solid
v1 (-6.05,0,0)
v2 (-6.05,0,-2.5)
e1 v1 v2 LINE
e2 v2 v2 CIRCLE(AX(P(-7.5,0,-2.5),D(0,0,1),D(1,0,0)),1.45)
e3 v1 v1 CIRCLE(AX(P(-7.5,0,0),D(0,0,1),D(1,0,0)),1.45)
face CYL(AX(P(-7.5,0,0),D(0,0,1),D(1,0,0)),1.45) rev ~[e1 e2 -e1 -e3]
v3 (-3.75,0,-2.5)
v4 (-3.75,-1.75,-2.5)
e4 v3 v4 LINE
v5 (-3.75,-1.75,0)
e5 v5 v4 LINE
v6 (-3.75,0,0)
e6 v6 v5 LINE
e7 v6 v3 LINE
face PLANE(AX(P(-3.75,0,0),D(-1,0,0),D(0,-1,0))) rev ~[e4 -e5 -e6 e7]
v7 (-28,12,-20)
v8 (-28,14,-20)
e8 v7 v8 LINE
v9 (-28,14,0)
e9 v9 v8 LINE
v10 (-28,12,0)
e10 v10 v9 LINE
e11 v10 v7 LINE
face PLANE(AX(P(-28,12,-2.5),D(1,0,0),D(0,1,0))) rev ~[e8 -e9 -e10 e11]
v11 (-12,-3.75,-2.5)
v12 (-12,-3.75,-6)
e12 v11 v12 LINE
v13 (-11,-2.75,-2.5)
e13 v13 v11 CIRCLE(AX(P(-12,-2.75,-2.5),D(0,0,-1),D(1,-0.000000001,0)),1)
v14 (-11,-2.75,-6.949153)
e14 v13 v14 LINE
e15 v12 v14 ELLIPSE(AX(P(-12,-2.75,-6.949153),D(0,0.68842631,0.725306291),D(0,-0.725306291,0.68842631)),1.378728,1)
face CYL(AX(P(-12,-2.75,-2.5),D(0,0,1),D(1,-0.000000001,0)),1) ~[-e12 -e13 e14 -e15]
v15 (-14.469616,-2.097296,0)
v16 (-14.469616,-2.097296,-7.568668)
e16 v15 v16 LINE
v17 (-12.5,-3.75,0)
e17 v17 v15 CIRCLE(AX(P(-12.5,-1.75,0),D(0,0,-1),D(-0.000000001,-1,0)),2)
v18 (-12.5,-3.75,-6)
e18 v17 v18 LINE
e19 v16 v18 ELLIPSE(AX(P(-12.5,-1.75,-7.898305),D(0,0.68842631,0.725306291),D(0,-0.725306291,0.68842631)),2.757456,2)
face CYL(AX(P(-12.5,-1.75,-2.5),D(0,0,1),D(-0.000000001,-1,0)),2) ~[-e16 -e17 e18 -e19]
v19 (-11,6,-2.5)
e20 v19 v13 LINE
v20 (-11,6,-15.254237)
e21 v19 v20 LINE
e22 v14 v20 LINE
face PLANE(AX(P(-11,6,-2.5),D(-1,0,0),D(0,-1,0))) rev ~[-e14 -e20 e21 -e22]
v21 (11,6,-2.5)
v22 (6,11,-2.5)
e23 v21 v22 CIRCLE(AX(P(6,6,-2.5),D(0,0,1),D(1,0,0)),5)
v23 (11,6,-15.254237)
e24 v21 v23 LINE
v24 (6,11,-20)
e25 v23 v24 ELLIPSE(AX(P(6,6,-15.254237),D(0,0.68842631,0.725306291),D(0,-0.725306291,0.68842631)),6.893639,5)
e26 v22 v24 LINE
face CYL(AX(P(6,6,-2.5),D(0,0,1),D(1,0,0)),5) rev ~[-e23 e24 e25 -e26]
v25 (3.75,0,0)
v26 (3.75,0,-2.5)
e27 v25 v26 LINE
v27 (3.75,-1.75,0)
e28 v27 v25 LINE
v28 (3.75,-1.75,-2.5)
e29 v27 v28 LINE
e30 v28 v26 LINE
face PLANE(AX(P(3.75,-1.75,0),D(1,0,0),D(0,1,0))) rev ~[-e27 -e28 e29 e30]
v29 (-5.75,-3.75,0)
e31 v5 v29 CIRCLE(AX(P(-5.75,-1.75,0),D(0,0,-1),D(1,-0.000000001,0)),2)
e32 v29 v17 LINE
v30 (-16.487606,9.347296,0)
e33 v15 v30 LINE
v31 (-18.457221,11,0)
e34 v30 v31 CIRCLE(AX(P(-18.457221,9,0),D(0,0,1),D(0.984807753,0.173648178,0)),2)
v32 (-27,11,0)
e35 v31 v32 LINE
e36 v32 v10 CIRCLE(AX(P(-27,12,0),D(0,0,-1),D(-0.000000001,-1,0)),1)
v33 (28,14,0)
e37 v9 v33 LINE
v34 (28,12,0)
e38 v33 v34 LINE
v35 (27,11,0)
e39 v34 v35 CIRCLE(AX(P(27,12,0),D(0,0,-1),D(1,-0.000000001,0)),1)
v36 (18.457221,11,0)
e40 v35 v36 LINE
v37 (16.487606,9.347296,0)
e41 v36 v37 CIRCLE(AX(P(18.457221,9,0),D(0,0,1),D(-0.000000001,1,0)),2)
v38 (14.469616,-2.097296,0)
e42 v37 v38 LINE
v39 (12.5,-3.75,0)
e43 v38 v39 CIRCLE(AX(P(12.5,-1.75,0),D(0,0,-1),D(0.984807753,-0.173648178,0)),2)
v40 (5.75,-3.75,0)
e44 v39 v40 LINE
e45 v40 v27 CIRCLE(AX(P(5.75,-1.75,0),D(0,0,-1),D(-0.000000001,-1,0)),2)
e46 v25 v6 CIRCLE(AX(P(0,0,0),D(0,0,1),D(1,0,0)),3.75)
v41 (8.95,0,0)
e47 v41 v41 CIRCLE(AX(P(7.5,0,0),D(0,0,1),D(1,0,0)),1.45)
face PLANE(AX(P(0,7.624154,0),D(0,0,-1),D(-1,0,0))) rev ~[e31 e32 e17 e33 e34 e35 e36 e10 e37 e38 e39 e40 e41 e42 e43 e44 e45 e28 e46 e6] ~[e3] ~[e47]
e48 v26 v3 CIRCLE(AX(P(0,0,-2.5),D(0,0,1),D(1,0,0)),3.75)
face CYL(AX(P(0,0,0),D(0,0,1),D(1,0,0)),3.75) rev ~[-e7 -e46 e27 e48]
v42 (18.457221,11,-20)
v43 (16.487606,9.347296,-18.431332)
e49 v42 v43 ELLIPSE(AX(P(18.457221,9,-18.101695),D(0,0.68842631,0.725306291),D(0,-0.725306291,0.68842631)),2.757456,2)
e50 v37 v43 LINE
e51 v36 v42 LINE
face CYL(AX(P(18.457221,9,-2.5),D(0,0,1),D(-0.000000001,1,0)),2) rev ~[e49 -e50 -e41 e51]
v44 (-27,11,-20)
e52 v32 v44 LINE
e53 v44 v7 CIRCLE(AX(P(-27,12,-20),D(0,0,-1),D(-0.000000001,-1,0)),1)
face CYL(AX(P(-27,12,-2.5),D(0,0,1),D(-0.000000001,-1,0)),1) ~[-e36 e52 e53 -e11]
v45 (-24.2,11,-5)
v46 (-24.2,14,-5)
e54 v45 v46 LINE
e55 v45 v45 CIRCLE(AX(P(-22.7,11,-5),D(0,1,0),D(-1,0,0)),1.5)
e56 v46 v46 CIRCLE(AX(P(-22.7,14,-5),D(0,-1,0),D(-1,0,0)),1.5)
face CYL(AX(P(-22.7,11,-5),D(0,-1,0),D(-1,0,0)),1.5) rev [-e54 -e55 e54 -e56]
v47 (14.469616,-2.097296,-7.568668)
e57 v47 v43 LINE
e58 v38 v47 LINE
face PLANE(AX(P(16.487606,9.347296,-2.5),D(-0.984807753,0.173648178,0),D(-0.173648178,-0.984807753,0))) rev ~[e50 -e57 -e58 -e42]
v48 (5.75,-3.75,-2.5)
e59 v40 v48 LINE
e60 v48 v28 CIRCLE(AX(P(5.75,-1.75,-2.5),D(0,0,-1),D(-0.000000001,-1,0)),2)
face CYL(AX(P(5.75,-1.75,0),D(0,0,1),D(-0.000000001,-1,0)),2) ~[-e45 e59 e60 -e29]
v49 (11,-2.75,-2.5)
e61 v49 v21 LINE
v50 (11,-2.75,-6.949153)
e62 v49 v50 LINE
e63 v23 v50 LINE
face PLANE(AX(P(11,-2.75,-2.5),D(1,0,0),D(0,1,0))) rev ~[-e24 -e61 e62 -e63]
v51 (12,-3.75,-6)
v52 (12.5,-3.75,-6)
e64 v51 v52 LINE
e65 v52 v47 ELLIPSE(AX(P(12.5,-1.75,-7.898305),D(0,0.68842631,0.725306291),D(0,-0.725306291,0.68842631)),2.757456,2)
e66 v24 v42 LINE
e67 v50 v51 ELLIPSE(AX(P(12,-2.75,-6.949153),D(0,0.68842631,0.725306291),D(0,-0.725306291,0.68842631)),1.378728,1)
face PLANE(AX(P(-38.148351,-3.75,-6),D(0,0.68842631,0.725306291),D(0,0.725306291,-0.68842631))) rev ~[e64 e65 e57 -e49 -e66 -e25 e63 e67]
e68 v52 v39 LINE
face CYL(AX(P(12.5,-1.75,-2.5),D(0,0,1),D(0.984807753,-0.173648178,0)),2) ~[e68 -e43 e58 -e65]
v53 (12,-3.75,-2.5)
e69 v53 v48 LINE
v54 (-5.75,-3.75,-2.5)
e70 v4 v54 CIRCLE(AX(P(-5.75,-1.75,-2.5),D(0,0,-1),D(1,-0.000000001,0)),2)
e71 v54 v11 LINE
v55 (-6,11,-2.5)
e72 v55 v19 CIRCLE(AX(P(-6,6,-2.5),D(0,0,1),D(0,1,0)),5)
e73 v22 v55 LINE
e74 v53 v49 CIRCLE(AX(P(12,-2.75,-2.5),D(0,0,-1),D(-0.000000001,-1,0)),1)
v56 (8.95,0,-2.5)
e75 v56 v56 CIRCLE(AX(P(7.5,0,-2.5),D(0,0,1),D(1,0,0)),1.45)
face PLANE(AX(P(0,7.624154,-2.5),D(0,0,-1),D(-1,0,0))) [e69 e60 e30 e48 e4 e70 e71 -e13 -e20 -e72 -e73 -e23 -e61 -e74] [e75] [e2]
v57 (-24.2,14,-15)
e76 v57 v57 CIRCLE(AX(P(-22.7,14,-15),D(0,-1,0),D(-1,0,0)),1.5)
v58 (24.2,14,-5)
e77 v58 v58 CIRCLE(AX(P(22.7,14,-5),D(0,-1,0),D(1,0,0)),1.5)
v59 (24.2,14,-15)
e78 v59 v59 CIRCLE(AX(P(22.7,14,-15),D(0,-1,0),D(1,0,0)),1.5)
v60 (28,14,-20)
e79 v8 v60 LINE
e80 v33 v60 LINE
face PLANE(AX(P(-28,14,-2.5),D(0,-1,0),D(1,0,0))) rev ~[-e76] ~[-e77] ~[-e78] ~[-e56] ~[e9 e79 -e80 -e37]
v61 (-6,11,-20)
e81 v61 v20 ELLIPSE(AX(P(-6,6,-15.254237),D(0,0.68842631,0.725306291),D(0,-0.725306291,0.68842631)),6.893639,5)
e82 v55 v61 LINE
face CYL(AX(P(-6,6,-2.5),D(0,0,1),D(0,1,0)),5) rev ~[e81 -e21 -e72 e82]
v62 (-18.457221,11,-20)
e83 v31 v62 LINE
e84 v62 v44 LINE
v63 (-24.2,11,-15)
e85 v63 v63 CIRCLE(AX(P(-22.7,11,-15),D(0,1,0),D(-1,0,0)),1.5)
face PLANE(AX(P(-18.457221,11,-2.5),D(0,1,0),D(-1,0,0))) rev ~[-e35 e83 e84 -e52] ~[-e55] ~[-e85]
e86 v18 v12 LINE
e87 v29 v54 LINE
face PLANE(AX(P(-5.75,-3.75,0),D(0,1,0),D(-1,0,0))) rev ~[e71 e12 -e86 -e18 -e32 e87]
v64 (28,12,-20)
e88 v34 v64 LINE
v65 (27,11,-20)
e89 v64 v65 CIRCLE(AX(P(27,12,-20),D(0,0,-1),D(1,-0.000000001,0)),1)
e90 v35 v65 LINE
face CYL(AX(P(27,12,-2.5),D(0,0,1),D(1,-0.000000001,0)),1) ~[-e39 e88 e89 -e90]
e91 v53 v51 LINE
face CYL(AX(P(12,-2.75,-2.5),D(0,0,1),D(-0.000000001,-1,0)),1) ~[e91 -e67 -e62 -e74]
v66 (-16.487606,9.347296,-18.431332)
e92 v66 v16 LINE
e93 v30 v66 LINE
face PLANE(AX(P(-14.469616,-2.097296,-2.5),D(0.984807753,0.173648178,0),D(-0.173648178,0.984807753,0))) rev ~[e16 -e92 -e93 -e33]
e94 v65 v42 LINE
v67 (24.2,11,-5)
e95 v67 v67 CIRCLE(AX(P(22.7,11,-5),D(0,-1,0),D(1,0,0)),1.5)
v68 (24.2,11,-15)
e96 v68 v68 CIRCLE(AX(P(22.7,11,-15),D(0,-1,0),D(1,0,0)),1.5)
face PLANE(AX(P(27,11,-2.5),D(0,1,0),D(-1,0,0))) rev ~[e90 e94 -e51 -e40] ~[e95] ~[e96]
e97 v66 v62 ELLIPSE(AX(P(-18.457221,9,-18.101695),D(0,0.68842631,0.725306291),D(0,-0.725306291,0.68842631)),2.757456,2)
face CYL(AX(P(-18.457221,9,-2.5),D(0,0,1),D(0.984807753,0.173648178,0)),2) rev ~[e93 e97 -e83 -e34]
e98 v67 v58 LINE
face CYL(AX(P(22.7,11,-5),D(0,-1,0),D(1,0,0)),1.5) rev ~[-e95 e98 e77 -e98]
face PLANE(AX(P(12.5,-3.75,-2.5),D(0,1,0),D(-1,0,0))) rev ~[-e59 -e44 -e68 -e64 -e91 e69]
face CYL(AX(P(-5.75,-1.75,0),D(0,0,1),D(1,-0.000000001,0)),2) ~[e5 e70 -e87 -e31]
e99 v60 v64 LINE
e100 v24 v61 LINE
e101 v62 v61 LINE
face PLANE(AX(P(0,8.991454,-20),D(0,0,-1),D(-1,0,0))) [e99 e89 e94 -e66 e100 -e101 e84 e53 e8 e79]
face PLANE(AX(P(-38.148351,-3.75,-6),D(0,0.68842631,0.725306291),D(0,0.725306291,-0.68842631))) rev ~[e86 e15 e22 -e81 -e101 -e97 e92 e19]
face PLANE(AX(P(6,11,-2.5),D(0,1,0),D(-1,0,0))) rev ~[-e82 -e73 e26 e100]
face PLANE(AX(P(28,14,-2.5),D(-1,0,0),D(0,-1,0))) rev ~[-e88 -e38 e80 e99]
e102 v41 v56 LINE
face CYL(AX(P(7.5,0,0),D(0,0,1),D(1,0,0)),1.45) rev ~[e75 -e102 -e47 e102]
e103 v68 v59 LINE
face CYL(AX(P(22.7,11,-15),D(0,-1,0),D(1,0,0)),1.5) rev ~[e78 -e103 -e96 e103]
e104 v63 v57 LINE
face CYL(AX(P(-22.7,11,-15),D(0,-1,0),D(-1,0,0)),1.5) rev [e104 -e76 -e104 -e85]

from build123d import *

# Parameters (mm, degrees)
SKETCH2_R               = 1.45
BOSS_EXTRUDE1_DEPTH     = 2.5
BOSS_EXTRUDE2_DEPTH     = 17.5
CUT_EXTRUDE1_DEPTH      = 38.148351242
CUT_EXTRUDE1_DEPTH_BACK = 38.148351242
SKETCH9_R               = 1.5
CUT_EXTRUDE2_DEPTH      = 38.43744783


with BuildPart() as part:
    # Sketch2 → Boss-Extrude1 (new body)
    with BuildSketch(Plane.XY):
        with BuildLine():
            Line((-3.75, 0), (-3.75, -1.75))
            ThreePointArc((-3.75, -1.75), (-4.335786438, -3.164213562), (-5.75, -3.75))
            Line((-5.75, -3.75), (-12.5, -3.75))
            ThreePointArc((-12.5, -3.75), (-13.785575219, -3.282088886), (-14.469615506, -2.097296355))
            Line((-14.469615506, -2.097296355), (-16.487605984, 9.347296355))
            ThreePointArc((-16.487605984, 9.347296355), (-17.171646271, 10.532088886), (-18.45722149, 11))
            Line((-18.45722149, 11), (-27, 11))
            ThreePointArc((-27, 11), (-27.707106781, 11.292893219), (-28, 12))
            Line((-28, 12), (-28, 14))
            Line((-28, 14), (28, 14))
            Line((28, 14), (28, 12))
            ThreePointArc((28, 12), (27.707106781, 11.292893219), (27, 11))
            Line((27, 11), (18.45722149, 11))
            ThreePointArc((18.45722149, 11), (17.171646271, 10.532088886), (16.487605984, 9.347296355))
            Line((16.487605984, 9.347296355), (14.469615506, -2.097296355))
            ThreePointArc((14.469615506, -2.097296355), (13.785575219, -3.282088886), (12.5, -3.75))
            Line((12.5, -3.75), (5.75, -3.75))
            ThreePointArc((5.75, -3.75), (4.335786438, -3.164213562), (3.75, -1.75))
            Line((3.75, -1.75), (3.75, 0))
            ThreePointArc((3.75, 0), (0, 3.75), (-3.75, 0))
        make_face()
        with Locations((-7.5, 0)):
            Circle(SKETCH2_R, mode=Mode.SUBTRACT)
        with Locations((7.5, 0)):
            Circle(SKETCH2_R, mode=Mode.SUBTRACT)
    extrude(amount=-BOSS_EXTRUDE1_DEPTH)

    # Sketch3 → Boss-Extrude2 (add)
    with BuildSketch(Plane(origin=(0, 0, -2.5), x_dir=(-1, 0, 0), z_dir=(0, 0, -1))):
        with BuildLine():
            Line((-11, -2.75), (-11, 6))
            ThreePointArc((-11, 6), (-9.535533906, 9.535533906), (-6, 11))
            Line((-6, 11), (6, 11))
            ThreePointArc((6, 11), (9.535533906, 9.535533906), (11, 6))
            Line((11, 6), (11, -2.75))
            ThreePointArc((11, -2.75), (11.292893219, -3.457106781), (12, -3.75))
            Line((12, -3.75), (12.5, -3.75))
            ThreePointArc((12.5, -3.75), (13.785575219, -3.282088886), (14.469615506, -2.097296355))
            Line((14.469615506, -2.097296355), (16.487605984, 9.347296355))
            ThreePointArc((16.487605984, 9.347296355), (17.171646271, 10.532088886), (18.45722149, 11))
            Line((18.45722149, 11), (27, 11))
            ThreePointArc((27, 11), (27.707106781, 11.292893219), (28, 12))
            Line((28, 12), (28, 14))
            Line((28, 14), (-28, 14))
            Line((-28, 14), (-28, 12))
            ThreePointArc((-28, 12), (-27.707106781, 11.292893219), (-27, 11))
            Line((-27, 11), (-18.45722149, 11))
            ThreePointArc((-18.45722149, 11), (-17.171646271, 10.532088886), (-16.487605984, 9.347296355))
            Line((-16.487605984, 9.347296355), (-14.469615506, -2.097296355))
            ThreePointArc((-14.469615506, -2.097296355), (-13.785575219, -3.282088886), (-12.5, -3.75))
            Line((-12.5, -3.75), (-12, -3.75))
            ThreePointArc((-12, -3.75), (-11.292893219, -3.457106781), (-11, -2.75))
        make_face()
    extrude(amount=BOSS_EXTRUDE2_DEPTH)

    # Sketch6 → Cut-Extrude1 (cut, two sides: drawn at the far end of the back side and taken through both)
    with BuildSketch(Plane(origin=(0, 0, 0), x_dir=(0, 0, -1), z_dir=(1, 0, 0)).offset(-CUT_EXTRUDE1_DEPTH_BACK)):
        Polygon((6, -3.75), (20, 11), (20, -3.75), align=None)
    extrude(amount=CUT_EXTRUDE1_DEPTH + CUT_EXTRUDE1_DEPTH_BACK, mode=Mode.SUBTRACT)

    # Sketch9 → Cut-Extrude2 (cut, through all)
    with BuildSketch(Plane.XZ.offset(-11)):
        with Locations((22.7, -15)):
            Circle(SKETCH9_R)
        with Locations((22.7, -5)):
            Circle(SKETCH9_R)
    cut_extrude2 = extrude(amount=-CUT_EXTRUDE2_DEPTH, mode=Mode.SUBTRACT)

    # Mirror1: Cut-Extrude2 across plane
    add(cut_extrude2.mirror(Plane(origin=(0, 0, 0), x_dir=(0, 0, 1), z_dir=(1, 0, 0))), mode=Mode.SUBTRACT)


solid = part.part
